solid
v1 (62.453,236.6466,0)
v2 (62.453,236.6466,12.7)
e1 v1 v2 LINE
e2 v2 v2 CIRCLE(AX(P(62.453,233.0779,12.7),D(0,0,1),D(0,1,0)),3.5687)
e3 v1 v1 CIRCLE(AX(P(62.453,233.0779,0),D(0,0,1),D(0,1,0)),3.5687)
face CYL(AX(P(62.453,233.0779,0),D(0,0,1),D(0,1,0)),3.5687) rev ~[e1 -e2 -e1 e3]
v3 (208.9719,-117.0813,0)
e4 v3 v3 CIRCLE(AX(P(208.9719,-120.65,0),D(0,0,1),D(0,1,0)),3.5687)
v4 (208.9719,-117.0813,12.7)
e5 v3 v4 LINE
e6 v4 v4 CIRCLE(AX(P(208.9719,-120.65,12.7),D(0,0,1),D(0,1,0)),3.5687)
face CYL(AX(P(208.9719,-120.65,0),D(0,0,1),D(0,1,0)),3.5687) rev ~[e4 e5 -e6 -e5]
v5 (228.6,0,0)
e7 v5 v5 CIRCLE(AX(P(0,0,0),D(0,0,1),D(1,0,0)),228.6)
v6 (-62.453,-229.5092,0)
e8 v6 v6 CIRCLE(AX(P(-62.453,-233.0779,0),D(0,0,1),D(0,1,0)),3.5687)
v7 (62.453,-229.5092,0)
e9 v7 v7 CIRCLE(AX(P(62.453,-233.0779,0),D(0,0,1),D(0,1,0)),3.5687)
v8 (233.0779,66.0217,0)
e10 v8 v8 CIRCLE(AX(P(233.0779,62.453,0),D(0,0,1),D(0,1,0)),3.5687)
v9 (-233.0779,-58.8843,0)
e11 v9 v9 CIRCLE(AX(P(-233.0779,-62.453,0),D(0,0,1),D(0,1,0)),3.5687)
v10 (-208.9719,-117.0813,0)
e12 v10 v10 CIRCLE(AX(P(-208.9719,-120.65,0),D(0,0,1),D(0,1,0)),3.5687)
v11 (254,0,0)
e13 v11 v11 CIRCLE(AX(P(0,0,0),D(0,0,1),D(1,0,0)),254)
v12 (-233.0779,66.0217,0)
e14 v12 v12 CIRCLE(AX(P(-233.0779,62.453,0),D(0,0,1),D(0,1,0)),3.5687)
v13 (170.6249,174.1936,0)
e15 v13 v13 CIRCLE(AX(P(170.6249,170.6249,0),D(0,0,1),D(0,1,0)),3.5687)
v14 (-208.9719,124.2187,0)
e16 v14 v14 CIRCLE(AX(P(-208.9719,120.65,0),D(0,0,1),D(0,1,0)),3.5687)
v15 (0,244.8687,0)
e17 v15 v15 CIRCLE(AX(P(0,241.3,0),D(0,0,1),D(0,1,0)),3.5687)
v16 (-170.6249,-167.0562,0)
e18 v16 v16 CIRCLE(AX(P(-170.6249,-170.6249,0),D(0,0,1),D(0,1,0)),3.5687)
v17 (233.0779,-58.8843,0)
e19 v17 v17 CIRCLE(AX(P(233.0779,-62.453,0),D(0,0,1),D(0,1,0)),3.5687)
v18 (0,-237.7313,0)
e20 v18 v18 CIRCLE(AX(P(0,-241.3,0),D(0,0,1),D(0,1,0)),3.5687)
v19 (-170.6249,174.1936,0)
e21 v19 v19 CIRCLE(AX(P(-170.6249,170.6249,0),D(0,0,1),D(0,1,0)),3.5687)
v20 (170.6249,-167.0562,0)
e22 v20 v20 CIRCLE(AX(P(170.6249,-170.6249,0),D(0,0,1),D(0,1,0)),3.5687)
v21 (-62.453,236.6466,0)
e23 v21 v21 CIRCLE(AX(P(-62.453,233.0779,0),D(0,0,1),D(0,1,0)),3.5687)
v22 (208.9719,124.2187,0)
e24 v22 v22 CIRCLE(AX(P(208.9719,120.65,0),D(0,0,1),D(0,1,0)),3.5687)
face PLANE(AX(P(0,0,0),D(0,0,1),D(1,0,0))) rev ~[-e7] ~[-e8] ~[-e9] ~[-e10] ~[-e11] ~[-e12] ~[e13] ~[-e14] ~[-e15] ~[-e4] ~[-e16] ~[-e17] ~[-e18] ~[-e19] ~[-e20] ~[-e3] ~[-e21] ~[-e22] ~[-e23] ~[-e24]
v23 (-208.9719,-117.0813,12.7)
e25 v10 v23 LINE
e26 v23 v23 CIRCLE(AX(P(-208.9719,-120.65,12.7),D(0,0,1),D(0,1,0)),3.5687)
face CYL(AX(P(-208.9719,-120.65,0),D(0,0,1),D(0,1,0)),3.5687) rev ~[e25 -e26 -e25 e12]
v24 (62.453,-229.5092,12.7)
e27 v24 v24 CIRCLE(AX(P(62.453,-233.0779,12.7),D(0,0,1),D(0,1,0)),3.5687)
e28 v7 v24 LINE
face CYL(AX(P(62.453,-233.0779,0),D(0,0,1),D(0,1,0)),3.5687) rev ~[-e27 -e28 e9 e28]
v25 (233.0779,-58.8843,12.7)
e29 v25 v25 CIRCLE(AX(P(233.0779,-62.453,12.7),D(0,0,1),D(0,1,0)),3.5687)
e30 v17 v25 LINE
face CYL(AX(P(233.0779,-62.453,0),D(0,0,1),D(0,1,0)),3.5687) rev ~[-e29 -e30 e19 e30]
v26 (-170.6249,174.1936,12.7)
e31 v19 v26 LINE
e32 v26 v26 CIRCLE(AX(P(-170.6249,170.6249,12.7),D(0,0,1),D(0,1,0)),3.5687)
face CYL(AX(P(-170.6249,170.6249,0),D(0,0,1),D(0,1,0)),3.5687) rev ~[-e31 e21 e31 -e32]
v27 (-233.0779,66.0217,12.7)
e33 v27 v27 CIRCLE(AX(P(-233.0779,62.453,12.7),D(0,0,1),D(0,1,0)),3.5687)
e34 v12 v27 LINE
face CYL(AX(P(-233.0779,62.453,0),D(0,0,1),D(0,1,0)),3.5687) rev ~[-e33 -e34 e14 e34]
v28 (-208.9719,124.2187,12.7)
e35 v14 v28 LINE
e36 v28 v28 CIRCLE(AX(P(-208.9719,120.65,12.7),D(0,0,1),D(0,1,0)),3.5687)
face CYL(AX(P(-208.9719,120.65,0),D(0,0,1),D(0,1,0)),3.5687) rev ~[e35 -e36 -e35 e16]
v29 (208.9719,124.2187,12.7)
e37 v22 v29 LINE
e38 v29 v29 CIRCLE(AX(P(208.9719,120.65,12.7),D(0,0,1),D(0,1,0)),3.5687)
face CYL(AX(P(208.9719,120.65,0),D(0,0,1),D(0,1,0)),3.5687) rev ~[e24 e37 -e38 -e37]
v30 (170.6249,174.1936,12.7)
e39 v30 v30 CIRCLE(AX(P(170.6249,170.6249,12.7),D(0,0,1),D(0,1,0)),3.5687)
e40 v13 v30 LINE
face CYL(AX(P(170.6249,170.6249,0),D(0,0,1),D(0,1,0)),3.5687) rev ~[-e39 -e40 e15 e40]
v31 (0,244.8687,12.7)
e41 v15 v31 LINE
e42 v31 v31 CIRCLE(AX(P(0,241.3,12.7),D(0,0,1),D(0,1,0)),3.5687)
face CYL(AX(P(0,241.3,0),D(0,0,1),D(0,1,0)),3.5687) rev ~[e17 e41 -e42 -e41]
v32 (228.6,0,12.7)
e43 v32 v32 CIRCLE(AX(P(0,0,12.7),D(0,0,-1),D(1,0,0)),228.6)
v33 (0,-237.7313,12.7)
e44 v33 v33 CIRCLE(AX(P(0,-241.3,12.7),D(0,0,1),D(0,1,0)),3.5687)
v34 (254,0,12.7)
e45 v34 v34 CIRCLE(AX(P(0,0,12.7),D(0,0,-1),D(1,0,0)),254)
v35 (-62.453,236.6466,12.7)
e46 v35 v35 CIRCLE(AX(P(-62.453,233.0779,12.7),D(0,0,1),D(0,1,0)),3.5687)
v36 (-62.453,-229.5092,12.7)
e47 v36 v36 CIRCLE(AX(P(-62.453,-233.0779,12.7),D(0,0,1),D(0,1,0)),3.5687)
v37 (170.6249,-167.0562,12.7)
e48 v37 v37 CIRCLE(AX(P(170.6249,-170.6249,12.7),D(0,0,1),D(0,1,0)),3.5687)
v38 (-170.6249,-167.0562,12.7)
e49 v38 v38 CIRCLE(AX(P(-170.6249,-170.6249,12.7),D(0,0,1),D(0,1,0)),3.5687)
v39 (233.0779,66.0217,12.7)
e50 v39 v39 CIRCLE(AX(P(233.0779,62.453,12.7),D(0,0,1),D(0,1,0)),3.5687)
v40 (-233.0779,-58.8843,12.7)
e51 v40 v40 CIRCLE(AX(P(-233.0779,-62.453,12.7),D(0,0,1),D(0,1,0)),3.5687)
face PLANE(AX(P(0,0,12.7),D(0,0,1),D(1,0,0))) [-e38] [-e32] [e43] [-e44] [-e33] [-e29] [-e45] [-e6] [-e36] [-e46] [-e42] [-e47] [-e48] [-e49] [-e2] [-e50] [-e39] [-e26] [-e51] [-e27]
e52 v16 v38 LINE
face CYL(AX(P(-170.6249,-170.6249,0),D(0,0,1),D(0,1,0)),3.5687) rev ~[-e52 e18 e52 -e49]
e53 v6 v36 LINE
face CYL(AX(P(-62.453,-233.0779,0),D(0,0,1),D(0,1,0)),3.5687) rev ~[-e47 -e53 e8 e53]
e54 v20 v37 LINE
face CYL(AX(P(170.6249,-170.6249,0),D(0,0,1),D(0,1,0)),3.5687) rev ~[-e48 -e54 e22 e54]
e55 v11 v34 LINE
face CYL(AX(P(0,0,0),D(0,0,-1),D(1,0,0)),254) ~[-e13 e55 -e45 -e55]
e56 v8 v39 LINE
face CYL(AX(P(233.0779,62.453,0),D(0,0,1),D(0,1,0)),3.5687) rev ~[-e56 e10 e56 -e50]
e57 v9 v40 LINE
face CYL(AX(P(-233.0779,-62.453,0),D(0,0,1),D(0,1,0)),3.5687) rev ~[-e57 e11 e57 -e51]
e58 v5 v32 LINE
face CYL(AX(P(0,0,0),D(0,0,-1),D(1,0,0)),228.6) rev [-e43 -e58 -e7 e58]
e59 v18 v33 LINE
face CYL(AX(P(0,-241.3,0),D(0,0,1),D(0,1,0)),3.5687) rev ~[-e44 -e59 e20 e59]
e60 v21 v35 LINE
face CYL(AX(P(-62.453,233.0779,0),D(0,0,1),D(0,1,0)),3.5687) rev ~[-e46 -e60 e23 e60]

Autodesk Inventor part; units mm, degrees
ref_plane "YZ Plane" through (0, 0, 0) normal (1, 0, 0) x (0, 1, 0)
ref_plane "XZ Plane" through (0, 0, 0) normal (0, 1, 0) x (-1, 0, 0)
ref_plane "XY Plane" through (0, 0, 0) normal (0, 0, 1) x (1, 0, 0)
sketch "Sketch1" plane through (0, 0, 0) normal (0, 0, 1) x (1, 0, 0)
  circle A0 centre (0, 0) radius 254
  circle A1 centre (0, 0) radius 228.6
  line L0 (0, 0) -> (0, 394.3649)
  line L1 (0, 0) -> (92.6141, 345.6404)
  line L2 (0, 0) -> (-94.6299, 353.1634)
  circle A2 centre (0, 0) radius 241.3
  point P0 (-62.453, 233.0779)
  point P1 (0, 241.3)
  point P2 (62.453, 233.0779)
  point P3 (-233.0779, 62.453)
  point P4 (-208.9719, 120.65)
  point P5 (-170.6249, 170.6249)
  point P6 (-170.6249, -170.6249)
  point P7 (-208.9719, -120.65)
  point P8 (-233.0779, -62.453)
  point P9 (62.453, -233.0779)
  point P10 (0, -241.3)
  point P11 (-62.453, -233.0779)
  point P12 (233.0779, -62.453)
  point P13 (208.9719, -120.65)
  point P14 (170.6249, -170.6249)
  point P15 (170.6249, 170.6249)
  point P16 (208.9719, 120.65)
  point P17 (233.0779, 62.453)
  dimension "d0" = 508
  dimension "d1" = 457.2
  dimension "d4" = 30
  dimension "d5" = 15
  dimension "d6" = 482.6
  dimension "d9" = 360
extrude "Extrusion1" add sketch "Sketch1" along normal blind 12.7 contours A0 L2 A2 L1 | L1 A2 L0 A0 | A0 L0 A2 L2 | A2 L2 A1 L1 | L1 A1 L0 A2 | A2 L0 A1 L2
hole "Hole1" at (-62.453, 233.0779, 0) at (0, 241.3, 0) at (62.453, 233.0779, 0) at (-170.6249, 170.6249, 0) at (-208.9719, 120.65, 0) at (-233.0779, 62.453, 0) at (-233.0779, -62.453, 0) at (-208.9719, -120.65, 0) at (-170.6249, -170.6249, 0) at (-62.453, -233.0779, 0) at (0, -241.3, 0) at (62.453, -233.0779, 0) at (170.6249, -170.6249, 0) at (208.9719, -120.65, 0) at (233.0779, -62.453, 0) at (233.0779, 62.453, 0) at (208.9719, 120.65, 0) at (170.6249, 170.6249, 0) direction (0, 0, 1) diameter 7.1374 end through all
properties part number "JF-AT-TM0008" material "Acrylic, Clear"
